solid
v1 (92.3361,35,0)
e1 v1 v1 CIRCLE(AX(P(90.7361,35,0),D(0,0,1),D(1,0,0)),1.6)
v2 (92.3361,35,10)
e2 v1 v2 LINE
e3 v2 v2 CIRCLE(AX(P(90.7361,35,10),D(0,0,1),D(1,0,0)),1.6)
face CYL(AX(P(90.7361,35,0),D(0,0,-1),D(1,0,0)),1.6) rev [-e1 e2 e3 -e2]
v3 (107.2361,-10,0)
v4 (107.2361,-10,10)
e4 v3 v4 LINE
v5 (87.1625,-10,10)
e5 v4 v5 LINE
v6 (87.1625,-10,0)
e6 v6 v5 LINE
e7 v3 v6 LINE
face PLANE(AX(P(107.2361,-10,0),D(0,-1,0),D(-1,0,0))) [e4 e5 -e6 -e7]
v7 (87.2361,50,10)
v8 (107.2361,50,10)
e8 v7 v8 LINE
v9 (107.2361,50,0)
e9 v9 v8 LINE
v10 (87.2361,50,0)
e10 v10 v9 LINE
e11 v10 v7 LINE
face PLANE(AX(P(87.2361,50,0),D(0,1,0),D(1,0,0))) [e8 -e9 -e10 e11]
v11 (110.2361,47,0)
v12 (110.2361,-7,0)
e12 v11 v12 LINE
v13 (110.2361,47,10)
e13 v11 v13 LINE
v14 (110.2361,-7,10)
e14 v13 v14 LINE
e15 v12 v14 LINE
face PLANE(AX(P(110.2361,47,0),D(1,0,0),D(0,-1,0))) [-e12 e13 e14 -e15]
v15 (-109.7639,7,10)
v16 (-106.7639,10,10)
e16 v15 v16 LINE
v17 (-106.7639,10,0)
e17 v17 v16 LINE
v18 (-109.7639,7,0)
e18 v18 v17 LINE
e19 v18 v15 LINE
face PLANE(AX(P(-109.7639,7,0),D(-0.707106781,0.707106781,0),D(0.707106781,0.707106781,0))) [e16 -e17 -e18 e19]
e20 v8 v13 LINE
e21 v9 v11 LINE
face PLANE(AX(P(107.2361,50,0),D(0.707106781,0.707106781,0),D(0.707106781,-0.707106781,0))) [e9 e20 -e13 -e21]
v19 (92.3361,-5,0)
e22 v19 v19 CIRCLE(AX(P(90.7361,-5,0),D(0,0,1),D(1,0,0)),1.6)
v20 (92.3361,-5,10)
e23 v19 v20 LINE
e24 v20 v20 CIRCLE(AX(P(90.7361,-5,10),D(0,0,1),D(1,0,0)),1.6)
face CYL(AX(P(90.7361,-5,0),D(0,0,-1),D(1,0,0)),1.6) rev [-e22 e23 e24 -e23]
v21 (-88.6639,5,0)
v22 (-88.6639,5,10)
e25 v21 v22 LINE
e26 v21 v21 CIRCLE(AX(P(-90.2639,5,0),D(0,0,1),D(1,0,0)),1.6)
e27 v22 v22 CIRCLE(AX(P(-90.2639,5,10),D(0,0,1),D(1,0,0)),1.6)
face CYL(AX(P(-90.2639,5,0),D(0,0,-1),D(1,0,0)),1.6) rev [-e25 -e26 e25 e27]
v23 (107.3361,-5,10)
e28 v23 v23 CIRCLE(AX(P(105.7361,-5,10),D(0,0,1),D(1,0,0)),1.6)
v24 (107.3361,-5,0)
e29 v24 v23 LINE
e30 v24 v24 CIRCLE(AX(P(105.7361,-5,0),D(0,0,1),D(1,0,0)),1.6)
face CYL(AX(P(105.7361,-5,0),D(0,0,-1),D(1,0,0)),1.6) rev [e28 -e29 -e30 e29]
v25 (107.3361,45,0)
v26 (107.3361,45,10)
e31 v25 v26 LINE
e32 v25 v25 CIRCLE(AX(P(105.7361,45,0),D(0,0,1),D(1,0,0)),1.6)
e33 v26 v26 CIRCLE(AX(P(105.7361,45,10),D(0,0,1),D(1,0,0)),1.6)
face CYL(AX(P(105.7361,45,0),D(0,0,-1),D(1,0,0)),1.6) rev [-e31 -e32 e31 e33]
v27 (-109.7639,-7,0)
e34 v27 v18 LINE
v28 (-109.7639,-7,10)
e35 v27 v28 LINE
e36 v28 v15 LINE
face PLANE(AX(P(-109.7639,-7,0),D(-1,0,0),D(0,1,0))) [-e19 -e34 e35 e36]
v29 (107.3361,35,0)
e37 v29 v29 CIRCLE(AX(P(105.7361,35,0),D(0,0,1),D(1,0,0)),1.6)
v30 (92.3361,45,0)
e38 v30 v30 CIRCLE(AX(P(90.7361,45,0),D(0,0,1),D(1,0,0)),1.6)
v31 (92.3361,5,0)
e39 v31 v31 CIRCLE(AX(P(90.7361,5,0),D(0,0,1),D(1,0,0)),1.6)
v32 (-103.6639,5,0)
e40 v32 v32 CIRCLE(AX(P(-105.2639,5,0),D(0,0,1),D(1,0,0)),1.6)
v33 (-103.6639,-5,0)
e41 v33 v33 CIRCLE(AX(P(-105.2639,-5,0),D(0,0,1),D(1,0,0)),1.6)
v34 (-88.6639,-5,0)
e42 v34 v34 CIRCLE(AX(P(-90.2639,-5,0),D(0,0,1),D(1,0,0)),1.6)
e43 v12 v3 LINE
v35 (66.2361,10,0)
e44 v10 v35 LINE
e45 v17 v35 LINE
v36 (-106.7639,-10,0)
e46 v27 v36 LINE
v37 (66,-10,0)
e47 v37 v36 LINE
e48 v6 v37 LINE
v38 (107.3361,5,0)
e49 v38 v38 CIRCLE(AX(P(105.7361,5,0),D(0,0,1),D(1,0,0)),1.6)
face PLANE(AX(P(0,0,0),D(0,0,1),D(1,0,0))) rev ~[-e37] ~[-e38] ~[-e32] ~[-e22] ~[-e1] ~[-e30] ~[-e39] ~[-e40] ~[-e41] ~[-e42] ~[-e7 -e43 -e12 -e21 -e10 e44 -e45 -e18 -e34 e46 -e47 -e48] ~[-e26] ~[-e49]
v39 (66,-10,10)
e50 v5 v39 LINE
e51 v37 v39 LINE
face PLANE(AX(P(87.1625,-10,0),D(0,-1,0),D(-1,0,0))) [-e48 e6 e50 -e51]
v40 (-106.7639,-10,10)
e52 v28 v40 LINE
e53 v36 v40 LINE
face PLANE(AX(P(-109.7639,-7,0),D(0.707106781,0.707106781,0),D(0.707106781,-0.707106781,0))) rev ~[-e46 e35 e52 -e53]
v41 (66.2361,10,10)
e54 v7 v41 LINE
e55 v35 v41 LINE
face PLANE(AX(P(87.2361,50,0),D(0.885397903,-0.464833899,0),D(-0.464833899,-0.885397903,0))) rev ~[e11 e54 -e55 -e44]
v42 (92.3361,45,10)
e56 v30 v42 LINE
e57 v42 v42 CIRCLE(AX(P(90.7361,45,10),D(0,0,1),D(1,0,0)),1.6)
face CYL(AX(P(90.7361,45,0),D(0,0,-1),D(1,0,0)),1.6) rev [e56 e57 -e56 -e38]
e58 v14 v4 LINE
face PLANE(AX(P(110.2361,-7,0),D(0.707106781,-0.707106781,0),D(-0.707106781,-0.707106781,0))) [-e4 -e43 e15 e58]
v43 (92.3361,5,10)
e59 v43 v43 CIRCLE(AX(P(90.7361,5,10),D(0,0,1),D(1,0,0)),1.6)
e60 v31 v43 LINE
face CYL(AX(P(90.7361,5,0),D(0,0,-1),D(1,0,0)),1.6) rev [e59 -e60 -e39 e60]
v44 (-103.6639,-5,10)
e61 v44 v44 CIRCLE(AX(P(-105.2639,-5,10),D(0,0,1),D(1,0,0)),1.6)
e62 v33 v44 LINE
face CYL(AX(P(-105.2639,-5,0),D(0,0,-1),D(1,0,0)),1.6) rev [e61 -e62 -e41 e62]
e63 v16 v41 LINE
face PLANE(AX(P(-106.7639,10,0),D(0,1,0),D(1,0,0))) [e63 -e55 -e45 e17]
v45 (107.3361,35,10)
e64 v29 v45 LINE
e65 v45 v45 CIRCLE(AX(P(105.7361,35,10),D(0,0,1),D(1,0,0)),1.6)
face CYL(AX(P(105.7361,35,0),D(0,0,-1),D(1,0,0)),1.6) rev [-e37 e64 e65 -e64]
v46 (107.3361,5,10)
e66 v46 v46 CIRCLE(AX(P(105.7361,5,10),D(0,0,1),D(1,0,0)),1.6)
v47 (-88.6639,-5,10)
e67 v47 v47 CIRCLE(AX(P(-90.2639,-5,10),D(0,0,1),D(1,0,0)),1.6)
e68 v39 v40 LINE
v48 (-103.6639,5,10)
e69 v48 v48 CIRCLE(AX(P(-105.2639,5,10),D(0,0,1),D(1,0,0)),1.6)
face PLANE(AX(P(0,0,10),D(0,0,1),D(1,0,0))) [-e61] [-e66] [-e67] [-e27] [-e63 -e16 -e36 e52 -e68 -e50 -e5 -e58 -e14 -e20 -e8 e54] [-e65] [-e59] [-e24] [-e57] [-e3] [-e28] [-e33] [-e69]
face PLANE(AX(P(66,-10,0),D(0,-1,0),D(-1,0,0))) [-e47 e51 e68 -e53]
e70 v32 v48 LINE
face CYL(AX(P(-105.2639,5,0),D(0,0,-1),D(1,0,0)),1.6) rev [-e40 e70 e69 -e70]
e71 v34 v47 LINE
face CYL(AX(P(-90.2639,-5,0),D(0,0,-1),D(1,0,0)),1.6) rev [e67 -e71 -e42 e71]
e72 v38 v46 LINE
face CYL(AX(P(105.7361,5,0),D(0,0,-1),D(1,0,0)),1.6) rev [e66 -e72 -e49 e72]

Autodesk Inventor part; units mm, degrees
ref_plane "YZ Plane" through (0, 0, 0) normal (1, 0, 0) x (0, 1, 0)
ref_plane "XZ Plane" through (0, 0, 0) normal (0, 1, 0) x (-1, 0, 0)
ref_plane "XY Plane" through (0, 0, 0) normal (0, 0, 1) x (1, 0, 0)
sketch "Sketch1" plane through (0, 0, 0) normal (0, 0, 1) x (1, 0, 0)
  line L0 (-109.7639, -7) -> (-109.7639, 7)
  line L1 (-105.2639, 5) -> (-90.2639, 5) construction
  line L2 (-90.2639, 5) -> (-90.2639, -5) construction
  line L3 (-90.2639, -5) -> (-105.2639, -5) construction
  line L4 (-105.2639, -5) -> (-105.2639, 5) construction
  line L5 (-105.2639, 5) -> (-90.2639, -5) construction
  line L6 (-90.2639, 5) -> (-105.2639, -5) construction
  circle A0 centre (-105.2639, 5) radius 1.6
  circle A1 centre (-90.2639, 5) radius 1.6
  circle A2 centre (-105.2639, -5) radius 1.6
  circle A3 centre (-90.2639, -5) radius 1.6
  circle A4 centre (90.7361, 45) radius 1.6
  circle A5 centre (105.7361, 45) radius 1.6
  circle A6 centre (90.7361, 35) radius 1.6
  circle A7 centre (105.7361, 35) radius 1.6
  line L7 (-109.7639, 7) -> (-106.7639, 10)
  line L8 (-109.7639, -7) -> (-106.7639, -10)
  line L9 (87.2361, 50) -> (107.2361, 50)
  line L10 (110.2361, 47) -> (110.2361, -7)
  line L11 (107.2361, -10) -> (87.1625, -10)
  circle A8 centre (105.7361, -5) radius 1.6
  circle A9 centre (105.7361, 5) radius 1.6
  circle A10 centre (90.7361, -5) radius 1.6
  circle A11 centre (90.7361, 5) radius 1.6
  line L12 (90.7361, 45) -> (105.7361, 45) construction
  line L13 (105.7361, 35) -> (105.7361, 5) construction
  line L14 (107.2361, 50) -> (110.2361, 47)
  line L15 (110.2361, -7) -> (107.2361, -10)
  line L16 (87.2361, 50) -> (66.2361, 10)
  line L17 (87.1625, -10) -> (66, -10)
  line L18 (-106.7639, 10) -> (66.2361, 10)
  line L19 (66, -10) -> (-106.7639, -10)
  point P0 (0, 0)
  point P1 (0.2361, 0)
  point P2 (98.4723, 19.4096)
  point P3 (-97.7639, 0)
  point P4 (0.2361, 0)
  point P5 (98.2361, 45)
  point P6 (105.7361, 20)
  point P7 (98.2361, 20)
  dimension "d4" = 15
  dimension "d5" = 10
  dimension "d6" = 12
  dimension "d8" = 3.2
  dimension "d20" = 15
  dimension "d21" = 10
  dimension "d22" = 15
  dimension "d23" = 10
  dimension "d24" = 30
  dimension "d31" = 4.5
  dimension "d32" = 5
  dimension "d34" = 220
  dimension "d35" = 3
  dimension "d36" = 3
  dimension "d37" = 3
  dimension "d38" = 3
  dimension "d39" = 20
extrude "Extrusion1" add sketch "Sketch1" along normal blind 10
sketch "Sketch3" plane through (0, 0, 10) normal (0, 0, 1) x (1, 0, 0)
  point P0 (0, 0)
properties part number "HorizontalBridge"
